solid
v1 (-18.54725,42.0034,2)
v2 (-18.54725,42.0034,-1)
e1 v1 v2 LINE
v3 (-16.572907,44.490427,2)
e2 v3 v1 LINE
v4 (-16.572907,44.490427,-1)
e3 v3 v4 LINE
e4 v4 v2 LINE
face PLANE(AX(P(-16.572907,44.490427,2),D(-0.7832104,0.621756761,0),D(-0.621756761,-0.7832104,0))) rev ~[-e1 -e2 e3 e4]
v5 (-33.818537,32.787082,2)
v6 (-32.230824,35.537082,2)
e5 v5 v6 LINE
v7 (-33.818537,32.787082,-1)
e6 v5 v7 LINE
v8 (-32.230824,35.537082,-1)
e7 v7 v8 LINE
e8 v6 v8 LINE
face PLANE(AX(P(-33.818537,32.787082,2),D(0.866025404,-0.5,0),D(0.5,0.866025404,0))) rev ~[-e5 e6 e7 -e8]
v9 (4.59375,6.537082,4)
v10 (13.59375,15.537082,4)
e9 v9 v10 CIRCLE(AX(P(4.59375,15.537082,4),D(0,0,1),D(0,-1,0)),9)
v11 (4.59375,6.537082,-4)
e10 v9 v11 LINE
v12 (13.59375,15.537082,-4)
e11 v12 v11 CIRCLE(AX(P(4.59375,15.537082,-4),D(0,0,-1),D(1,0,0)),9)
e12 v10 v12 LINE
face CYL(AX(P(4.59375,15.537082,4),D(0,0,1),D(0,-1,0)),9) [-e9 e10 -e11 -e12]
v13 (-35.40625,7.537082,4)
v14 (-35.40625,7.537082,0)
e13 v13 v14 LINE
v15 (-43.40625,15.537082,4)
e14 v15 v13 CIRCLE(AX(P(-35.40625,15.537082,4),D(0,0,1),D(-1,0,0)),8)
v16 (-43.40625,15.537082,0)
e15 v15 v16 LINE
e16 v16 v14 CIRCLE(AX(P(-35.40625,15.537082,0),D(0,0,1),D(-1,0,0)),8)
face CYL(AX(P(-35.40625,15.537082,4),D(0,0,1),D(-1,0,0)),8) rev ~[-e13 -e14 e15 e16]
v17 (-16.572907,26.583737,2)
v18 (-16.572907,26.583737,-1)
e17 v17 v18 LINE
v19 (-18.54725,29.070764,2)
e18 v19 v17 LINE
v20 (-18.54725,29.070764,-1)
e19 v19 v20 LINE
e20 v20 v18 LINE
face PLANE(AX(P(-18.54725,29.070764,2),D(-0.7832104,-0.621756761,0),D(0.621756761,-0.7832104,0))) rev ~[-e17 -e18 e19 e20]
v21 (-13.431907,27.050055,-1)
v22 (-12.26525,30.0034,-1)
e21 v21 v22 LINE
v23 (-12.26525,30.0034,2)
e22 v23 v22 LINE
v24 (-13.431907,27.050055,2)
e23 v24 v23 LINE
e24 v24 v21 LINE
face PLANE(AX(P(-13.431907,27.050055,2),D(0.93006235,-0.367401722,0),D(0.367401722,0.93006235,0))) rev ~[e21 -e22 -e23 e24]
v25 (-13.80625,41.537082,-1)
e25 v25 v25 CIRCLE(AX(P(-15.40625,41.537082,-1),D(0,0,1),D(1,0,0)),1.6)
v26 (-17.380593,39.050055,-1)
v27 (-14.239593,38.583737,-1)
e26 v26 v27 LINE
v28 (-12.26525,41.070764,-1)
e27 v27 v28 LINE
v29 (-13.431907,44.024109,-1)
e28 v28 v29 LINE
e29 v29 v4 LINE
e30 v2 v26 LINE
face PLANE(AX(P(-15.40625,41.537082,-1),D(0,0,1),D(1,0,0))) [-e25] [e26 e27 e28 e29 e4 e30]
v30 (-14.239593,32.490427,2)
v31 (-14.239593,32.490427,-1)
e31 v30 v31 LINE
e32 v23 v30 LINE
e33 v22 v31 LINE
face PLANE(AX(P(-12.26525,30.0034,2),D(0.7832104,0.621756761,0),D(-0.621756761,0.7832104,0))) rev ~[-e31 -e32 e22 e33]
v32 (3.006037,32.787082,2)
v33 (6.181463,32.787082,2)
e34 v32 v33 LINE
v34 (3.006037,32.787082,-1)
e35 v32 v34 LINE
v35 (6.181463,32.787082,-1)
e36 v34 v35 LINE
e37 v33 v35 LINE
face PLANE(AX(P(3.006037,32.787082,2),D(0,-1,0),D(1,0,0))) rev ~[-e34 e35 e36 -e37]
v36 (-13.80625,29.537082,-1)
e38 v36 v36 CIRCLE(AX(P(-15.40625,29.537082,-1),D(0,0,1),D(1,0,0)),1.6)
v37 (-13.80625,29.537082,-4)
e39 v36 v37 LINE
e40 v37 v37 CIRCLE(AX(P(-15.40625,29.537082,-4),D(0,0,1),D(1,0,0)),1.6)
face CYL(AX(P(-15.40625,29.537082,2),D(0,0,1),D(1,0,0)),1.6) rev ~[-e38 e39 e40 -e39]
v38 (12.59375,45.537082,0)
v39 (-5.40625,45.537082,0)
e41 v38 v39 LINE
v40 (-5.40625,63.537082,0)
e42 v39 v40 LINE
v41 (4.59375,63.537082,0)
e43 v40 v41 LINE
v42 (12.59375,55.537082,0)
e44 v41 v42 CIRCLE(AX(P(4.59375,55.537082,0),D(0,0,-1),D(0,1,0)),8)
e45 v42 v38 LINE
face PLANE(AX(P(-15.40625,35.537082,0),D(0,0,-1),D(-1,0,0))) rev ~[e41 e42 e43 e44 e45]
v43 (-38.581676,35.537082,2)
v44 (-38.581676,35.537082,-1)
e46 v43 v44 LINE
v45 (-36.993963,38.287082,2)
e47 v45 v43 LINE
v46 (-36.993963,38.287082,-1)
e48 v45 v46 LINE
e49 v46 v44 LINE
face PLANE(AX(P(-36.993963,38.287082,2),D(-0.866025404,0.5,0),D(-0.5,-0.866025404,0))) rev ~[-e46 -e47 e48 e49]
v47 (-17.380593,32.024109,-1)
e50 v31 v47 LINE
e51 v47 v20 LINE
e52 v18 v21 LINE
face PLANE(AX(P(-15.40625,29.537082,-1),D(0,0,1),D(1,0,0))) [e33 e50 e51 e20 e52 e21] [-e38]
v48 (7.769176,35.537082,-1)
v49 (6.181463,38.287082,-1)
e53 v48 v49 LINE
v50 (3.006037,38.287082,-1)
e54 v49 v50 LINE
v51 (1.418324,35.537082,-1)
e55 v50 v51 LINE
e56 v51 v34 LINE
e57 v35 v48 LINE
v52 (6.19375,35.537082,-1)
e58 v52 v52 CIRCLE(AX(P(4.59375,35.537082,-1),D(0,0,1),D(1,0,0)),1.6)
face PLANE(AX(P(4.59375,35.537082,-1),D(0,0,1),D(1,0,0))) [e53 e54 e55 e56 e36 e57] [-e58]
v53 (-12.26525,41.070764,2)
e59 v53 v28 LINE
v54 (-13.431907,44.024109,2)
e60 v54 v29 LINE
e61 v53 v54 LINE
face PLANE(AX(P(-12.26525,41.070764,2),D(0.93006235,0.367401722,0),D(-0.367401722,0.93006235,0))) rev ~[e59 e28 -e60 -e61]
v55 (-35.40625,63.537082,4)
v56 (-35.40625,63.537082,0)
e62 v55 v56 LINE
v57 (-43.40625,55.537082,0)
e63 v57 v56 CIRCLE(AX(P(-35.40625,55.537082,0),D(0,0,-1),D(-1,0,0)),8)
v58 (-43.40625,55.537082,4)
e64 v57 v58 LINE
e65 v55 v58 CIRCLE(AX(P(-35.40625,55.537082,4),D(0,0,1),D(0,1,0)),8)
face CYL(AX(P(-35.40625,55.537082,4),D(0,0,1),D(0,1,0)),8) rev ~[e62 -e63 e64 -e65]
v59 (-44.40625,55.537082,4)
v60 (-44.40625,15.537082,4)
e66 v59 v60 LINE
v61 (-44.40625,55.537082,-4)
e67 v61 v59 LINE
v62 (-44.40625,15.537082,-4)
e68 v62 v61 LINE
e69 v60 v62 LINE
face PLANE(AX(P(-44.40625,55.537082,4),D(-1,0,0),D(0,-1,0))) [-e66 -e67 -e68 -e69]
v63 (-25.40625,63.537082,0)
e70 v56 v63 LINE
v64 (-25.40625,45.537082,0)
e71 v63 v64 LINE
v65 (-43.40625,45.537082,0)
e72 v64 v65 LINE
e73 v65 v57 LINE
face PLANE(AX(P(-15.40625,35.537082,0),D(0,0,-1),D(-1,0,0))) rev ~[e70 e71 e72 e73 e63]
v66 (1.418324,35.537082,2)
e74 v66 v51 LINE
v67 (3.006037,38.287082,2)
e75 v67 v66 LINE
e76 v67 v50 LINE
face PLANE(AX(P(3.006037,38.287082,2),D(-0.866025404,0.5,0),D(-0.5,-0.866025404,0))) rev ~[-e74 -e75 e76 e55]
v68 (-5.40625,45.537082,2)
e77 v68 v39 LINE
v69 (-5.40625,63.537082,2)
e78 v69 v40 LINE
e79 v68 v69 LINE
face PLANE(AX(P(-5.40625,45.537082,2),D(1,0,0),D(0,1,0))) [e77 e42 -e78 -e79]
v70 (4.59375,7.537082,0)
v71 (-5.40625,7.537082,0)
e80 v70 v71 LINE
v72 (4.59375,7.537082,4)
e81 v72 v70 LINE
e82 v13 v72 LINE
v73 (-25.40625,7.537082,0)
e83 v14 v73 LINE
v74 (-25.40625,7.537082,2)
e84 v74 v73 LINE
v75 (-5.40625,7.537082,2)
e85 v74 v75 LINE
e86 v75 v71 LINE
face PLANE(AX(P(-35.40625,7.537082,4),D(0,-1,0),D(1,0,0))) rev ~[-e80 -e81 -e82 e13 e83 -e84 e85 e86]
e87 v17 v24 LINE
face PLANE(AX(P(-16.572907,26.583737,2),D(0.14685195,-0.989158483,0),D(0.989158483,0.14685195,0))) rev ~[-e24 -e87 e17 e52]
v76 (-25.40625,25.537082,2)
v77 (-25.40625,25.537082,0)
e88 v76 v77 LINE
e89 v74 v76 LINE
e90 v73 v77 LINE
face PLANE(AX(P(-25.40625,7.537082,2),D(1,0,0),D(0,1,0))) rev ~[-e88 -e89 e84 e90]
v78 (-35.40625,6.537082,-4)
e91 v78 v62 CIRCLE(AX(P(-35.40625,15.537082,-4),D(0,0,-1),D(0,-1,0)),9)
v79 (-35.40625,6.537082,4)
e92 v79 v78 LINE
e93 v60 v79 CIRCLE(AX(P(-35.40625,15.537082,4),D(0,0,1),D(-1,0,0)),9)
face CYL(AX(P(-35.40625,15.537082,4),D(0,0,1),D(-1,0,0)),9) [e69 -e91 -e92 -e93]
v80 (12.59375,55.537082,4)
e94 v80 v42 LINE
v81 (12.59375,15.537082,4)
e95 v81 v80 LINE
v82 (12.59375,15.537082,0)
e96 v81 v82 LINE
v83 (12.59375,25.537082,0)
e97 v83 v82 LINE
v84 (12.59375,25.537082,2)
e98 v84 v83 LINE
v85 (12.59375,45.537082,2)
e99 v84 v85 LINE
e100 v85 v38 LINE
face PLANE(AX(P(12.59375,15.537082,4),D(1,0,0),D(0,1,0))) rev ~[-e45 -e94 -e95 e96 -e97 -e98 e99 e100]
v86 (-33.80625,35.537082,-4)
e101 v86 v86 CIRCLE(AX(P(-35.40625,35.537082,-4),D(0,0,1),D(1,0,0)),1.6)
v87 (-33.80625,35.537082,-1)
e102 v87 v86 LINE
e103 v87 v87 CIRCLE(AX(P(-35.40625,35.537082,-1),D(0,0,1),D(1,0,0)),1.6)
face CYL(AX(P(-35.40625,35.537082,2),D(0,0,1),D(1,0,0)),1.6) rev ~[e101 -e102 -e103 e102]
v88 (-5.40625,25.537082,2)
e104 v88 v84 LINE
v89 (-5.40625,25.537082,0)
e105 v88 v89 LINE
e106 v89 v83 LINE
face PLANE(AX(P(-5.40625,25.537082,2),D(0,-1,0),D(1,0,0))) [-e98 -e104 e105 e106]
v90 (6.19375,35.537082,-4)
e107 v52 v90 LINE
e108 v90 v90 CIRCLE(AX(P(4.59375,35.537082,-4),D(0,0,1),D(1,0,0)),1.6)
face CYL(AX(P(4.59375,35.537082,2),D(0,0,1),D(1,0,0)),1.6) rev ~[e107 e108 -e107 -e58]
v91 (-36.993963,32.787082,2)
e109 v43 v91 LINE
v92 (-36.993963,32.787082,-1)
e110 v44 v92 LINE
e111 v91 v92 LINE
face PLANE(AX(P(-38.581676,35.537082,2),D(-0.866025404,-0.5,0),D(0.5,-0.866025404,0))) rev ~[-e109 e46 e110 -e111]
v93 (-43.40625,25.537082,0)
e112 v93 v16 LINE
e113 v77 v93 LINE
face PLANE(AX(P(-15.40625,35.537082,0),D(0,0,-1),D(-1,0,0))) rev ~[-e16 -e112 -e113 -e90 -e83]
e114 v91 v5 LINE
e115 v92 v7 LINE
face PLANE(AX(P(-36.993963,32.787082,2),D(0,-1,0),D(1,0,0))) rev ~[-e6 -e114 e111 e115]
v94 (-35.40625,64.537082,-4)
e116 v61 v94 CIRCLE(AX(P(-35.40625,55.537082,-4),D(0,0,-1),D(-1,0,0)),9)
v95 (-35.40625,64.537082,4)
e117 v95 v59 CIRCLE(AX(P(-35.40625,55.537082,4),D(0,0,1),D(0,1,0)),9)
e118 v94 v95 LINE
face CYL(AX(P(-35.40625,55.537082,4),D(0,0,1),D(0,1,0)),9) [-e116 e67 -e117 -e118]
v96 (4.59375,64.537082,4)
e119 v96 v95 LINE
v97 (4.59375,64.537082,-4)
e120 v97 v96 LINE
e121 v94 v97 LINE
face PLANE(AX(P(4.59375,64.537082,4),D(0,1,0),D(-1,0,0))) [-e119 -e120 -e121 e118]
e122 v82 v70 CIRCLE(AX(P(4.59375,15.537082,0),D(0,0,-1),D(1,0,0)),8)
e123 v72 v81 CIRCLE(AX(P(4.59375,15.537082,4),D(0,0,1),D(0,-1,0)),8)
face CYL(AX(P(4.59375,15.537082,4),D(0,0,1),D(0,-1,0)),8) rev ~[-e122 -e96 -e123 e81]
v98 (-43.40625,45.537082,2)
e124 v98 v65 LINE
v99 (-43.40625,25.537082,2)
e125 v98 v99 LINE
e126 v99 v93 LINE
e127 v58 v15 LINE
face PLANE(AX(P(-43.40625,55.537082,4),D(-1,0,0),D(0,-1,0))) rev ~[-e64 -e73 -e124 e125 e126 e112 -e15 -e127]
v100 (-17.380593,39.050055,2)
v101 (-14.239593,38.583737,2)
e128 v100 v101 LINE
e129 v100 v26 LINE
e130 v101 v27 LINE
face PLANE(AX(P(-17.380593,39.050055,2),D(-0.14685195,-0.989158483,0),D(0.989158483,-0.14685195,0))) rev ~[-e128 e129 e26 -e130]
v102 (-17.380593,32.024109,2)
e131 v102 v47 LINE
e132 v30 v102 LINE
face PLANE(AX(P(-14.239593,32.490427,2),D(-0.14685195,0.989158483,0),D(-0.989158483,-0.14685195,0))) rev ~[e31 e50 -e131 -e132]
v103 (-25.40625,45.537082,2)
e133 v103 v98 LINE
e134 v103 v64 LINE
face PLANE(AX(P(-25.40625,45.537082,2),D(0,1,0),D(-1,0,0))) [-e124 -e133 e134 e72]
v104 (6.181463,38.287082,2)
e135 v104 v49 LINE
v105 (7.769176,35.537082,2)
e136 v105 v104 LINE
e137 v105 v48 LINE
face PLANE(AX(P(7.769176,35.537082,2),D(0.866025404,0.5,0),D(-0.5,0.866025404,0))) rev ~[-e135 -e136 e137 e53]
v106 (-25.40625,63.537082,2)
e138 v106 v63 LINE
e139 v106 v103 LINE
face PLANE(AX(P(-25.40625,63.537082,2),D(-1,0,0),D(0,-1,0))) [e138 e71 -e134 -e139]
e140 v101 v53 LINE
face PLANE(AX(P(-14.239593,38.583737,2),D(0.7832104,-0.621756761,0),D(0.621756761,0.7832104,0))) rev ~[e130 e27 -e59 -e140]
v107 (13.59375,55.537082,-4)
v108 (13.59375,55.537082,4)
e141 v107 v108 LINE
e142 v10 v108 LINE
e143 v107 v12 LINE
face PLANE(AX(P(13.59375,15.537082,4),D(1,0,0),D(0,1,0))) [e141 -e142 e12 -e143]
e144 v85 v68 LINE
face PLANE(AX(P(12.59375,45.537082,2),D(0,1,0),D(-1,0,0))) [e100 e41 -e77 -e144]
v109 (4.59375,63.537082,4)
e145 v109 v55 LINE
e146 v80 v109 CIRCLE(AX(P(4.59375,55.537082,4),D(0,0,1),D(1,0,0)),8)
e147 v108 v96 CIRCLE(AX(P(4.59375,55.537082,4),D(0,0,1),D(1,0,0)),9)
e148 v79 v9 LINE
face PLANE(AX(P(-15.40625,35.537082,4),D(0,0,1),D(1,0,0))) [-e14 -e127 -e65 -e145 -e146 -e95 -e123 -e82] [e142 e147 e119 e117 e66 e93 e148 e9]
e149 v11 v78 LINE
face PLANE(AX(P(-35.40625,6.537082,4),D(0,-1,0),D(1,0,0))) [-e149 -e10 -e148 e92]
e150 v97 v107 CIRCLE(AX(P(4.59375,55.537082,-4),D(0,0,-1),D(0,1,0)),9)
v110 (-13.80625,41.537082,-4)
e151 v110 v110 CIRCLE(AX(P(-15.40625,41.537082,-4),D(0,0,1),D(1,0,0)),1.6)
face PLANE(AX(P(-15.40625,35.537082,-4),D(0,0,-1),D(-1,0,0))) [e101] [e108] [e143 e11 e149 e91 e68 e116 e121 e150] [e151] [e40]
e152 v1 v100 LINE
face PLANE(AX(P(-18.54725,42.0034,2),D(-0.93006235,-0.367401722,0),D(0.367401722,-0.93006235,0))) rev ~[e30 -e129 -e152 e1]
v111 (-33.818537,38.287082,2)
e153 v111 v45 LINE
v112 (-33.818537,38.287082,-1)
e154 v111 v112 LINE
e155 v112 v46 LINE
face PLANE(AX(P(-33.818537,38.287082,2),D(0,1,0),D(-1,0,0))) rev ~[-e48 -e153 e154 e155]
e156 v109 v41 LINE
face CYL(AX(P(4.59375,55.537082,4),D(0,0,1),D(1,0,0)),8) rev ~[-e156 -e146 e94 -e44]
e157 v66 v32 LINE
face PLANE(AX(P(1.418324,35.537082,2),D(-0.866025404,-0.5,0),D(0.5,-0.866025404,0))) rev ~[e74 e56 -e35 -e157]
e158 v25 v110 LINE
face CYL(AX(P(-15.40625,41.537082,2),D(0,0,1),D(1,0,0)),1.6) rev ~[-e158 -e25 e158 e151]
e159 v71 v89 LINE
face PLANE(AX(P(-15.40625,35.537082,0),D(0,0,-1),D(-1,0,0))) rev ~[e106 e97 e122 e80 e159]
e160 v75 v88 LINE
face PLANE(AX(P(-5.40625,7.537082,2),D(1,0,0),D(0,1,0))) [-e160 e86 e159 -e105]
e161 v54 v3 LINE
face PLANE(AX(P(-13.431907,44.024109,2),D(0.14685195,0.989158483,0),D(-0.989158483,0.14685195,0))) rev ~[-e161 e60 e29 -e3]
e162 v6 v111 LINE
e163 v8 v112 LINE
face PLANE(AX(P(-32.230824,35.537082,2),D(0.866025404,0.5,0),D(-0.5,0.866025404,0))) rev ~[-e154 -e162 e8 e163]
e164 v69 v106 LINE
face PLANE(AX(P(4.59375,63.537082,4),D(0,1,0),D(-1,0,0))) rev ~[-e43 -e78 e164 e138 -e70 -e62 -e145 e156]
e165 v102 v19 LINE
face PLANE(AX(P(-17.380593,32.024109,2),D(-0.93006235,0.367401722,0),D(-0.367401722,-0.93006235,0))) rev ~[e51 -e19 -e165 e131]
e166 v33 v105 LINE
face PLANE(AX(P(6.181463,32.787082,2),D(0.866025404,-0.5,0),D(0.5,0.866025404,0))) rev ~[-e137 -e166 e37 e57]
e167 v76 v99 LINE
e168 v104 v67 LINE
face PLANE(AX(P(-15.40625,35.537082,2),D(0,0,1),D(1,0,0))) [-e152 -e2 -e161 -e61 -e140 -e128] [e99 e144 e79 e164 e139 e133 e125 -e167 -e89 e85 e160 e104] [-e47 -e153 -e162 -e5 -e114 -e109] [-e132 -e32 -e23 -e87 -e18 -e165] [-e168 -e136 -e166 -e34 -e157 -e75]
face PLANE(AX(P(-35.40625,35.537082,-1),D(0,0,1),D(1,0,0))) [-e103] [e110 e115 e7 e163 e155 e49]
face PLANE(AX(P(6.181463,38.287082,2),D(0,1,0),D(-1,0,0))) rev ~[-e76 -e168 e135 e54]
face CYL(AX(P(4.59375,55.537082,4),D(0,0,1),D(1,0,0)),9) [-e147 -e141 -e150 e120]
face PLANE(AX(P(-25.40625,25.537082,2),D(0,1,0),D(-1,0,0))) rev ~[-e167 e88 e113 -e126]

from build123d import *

# Parameters (mm, degrees)
EXTRUDE_1_DEPTH     = 4
EXTRUDE_START       = 2
EXTRUDE_2_DEPTH     = 2
EXTRUDE_3_DEPTH     = 2
SKETCH_4_R          = 1.6
CUT_EXTRUDE_1_DEPTH = 10
CUT_EXTRUDE_2_DEPTH = 3


with BuildPart() as part:
    # 草图1 → 凸台-拉伸1 (new body)
    with BuildSketch(Plane.XY):
        with BuildLine():
            Line((-35.40625, 64.537081934), (4.59375, 64.537081934))
            ThreePointArc((4.59375, 64.537081934), (10.957711031, 61.901042965), (13.59375, 55.537081934))
            Line((13.59375, 55.537081934), (13.59375, 15.537081934))
            ThreePointArc((13.59375, 15.537081934), (10.957711031, 9.173120903), (4.59375, 6.537081934))
            Line((4.59375, 6.537081934), (-35.40625, 6.537081934))
            ThreePointArc((-35.40625, 6.537081934), (-41.770211031, 9.173120903), (-44.40625, 15.537081934))
            Line((-44.40625, 15.537081934), (-44.40625, 55.537081934))
            ThreePointArc((-44.40625, 55.537081934), (-41.770211031, 61.901042965), (-35.40625, 64.537081934))
        make_face()
    extrude(amount=-EXTRUDE_1_DEPTH)

    # 草图2 → 凸台-拉伸2 (add)
    with BuildSketch(Plane.XY.offset(EXTRUDE_START)):
        with BuildLine():
            Line((13.59375, 15.537081934), (13.59375, 55.537081934))
            ThreePointArc((13.59375, 55.537081934), (10.957711031, 61.901042965), (4.59375, 64.537081934))
            Line((4.59375, 64.537081934), (-35.40625, 64.537081934))
            ThreePointArc((-35.40625, 64.537081934), (-41.770211031, 61.901042965), (-44.40625, 55.537081934))
            Line((-44.40625, 55.537081934), (-44.40625, 15.537081934))
            ThreePointArc((-44.40625, 15.537081934), (-41.770211031, 9.173120903), (-35.40625, 6.537081934))
            Line((-35.40625, 6.537081934), (4.59375, 6.537081934))
            ThreePointArc((4.59375, 6.537081934), (10.957711031, 9.173120903), (13.59375, 15.537081934))
        make_face()
        with BuildLine():
            Line((-35.40625, 63.537081934), (-25.40625, 63.537081934))
            Line((-25.40625, 63.537081934), (-25.40625, 45.537081934))
            Line((-25.40625, 45.537081934), (-43.40625, 45.537081934))
            Line((-43.40625, 45.537081934), (-43.40625, 55.537081934))
            ThreePointArc((-43.40625, 55.537081934), (-41.063104249, 61.193936184), (-35.40625, 63.537081934))
        make_face(mode=Mode.SUBTRACT)
        with BuildLine():
            Line((12.59375, 55.537081934), (12.59375, 45.537081934))
            Line((12.59375, 45.537081934), (-5.40625, 45.537081934))
            Line((-5.40625, 45.537081934), (-5.40625, 63.537081934))
            Line((-5.40625, 63.537081934), (4.59375, 63.537081934))
            ThreePointArc((4.59375, 63.537081934), (10.250604249, 61.193936184), (12.59375, 55.537081934))
        make_face(mode=Mode.SUBTRACT)
        with BuildLine():
            Line((-35.40625, 7.537081934), (-25.40625, 7.537081934))
            Line((-25.40625, 7.537081934), (-25.40625, 25.537081934))
            Line((-25.40625, 25.537081934), (-43.40625, 25.537081934))
            Line((-43.40625, 25.537081934), (-43.40625, 15.537081934))
            ThreePointArc((-43.40625, 15.537081934), (-41.063104249, 9.880227685), (-35.40625, 7.537081934))
        make_face(mode=Mode.SUBTRACT)
        with BuildLine():
            Line((-5.40625, 25.537081934), (12.59375, 25.537081934))
            Line((12.59375, 25.537081934), (12.59375, 15.537081934))
            ThreePointArc((12.59375, 15.537081934), (10.250604249, 9.880227685), (4.59375, 7.537081934))
            Line((4.59375, 7.537081934), (-5.40625, 7.537081934))
            Line((-5.40625, 7.537081934), (-5.40625, 25.537081934))
        make_face(mode=Mode.SUBTRACT)
    extrude(amount=-EXTRUDE_2_DEPTH)

    # 草图3 → 凸台-拉伸3 (add)
    with BuildSketch(Plane.XY.offset(2).offset(EXTRUDE_START)):
        with BuildLine():
            Line((13.59375, 15.537081934), (13.59375, 55.537081934))
            ThreePointArc((13.59375, 55.537081934), (10.957711031, 61.901042965), (4.59375, 64.537081934))
            Line((4.59375, 64.537081934), (-35.40625, 64.537081934))
            ThreePointArc((-35.40625, 64.537081934), (-41.770211031, 61.901042965), (-44.40625, 55.537081934))
            Line((-44.40625, 55.537081934), (-44.40625, 15.537081934))
            ThreePointArc((-44.40625, 15.537081934), (-41.770211031, 9.173120903), (-35.40625, 6.537081934))
            Line((-35.40625, 6.537081934), (4.59375, 6.537081934))
            ThreePointArc((4.59375, 6.537081934), (10.957711031, 9.173120903), (13.59375, 15.537081934))
        make_face()
        with BuildLine():
            Line((-43.40625, 55.537081934), (-43.40625, 45.537081934))
            Line((-43.40625, 45.537081934), (-43.40625, 25.537081934))
            Line((-43.40625, 25.537081934), (-43.40625, 15.537081934))
            ThreePointArc((-43.40625, 15.537081934), (-41.063104249, 9.880227685), (-35.40625, 7.537081934))
            Line((-35.40625, 7.537081934), (-25.40625, 7.537081934))
            Line((-25.40625, 7.537081934), (-5.40625, 7.537081934))
            Line((-5.40625, 7.537081934), (4.59375, 7.537081934))
            ThreePointArc((4.59375, 7.537081934), (10.250604249, 9.880227685), (12.59375, 15.537081934))
            Line((12.59375, 15.537081934), (12.59375, 25.537081934))
            Line((12.59375, 25.537081934), (12.59375, 45.537081934))
            Line((12.59375, 45.537081934), (12.59375, 55.537081934))
            ThreePointArc((12.59375, 55.537081934), (10.250604249, 61.193936184), (4.59375, 63.537081934))
            Line((4.59375, 63.537081934), (-5.40625, 63.537081934))
            Line((-5.40625, 63.537081934), (-25.40625, 63.537081934))
            Line((-25.40625, 63.537081934), (-35.40625, 63.537081934))
            ThreePointArc((-35.40625, 63.537081934), (-41.063104249, 61.193936184), (-43.40625, 55.537081934))
        make_face(mode=Mode.SUBTRACT)
    extrude(amount=-EXTRUDE_3_DEPTH)

    # 草图4 → 切除-拉伸1 (cut)
    with BuildSketch(Plane.XY.offset(2)):
        with Locations((-15.40625, 41.537081934)):
            Circle(SKETCH_4_R)
        with Locations((-15.40625, 29.537081934)):
            Circle(SKETCH_4_R)
        with Locations((4.59375, 35.537081934)):
            Circle(SKETCH_4_R)
        with Locations((-35.40625, 35.537081934)):
            Circle(SKETCH_4_R)
    extrude(amount=-CUT_EXTRUDE_1_DEPTH, mode=Mode.SUBTRACT)

    # 草图5 → 切除-拉伸2 (cut)
    with BuildSketch(Plane.XY.offset(2)):
        Polygon((-13.431907117, 44.024108978), (-16.572907158, 44.490426548), (-18.547250041, 42.003399505), (-17.380592883, 39.050054891), (-14.239592842, 38.58373732), (-12.265249959, 41.070764364), align=None)
        Polygon((1.418323519, 35.537081934), (3.00603676, 32.787081934), (6.18146324, 32.787081934), (7.769176481, 35.537081934), (6.18146324, 38.287081934), (3.00603676, 38.287081934), align=None)
        Polygon((-13.431907117, 27.050054891), (-12.265249959, 30.003399505), (-14.239592842, 32.490426548), (-17.380592883, 32.024108978), (-18.547250041, 29.070764364), (-16.572907158, 26.58373732), align=None)
        Polygon((-32.230823519, 35.537081934), (-33.81853676, 38.287081934), (-36.99396324, 38.287081934), (-38.581676481, 35.537081934), (-36.99396324, 32.787081934), (-33.81853676, 32.787081934), align=None)
    extrude(amount=-CUT_EXTRUDE_2_DEPTH, mode=Mode.SUBTRACT)


solid = part.part
